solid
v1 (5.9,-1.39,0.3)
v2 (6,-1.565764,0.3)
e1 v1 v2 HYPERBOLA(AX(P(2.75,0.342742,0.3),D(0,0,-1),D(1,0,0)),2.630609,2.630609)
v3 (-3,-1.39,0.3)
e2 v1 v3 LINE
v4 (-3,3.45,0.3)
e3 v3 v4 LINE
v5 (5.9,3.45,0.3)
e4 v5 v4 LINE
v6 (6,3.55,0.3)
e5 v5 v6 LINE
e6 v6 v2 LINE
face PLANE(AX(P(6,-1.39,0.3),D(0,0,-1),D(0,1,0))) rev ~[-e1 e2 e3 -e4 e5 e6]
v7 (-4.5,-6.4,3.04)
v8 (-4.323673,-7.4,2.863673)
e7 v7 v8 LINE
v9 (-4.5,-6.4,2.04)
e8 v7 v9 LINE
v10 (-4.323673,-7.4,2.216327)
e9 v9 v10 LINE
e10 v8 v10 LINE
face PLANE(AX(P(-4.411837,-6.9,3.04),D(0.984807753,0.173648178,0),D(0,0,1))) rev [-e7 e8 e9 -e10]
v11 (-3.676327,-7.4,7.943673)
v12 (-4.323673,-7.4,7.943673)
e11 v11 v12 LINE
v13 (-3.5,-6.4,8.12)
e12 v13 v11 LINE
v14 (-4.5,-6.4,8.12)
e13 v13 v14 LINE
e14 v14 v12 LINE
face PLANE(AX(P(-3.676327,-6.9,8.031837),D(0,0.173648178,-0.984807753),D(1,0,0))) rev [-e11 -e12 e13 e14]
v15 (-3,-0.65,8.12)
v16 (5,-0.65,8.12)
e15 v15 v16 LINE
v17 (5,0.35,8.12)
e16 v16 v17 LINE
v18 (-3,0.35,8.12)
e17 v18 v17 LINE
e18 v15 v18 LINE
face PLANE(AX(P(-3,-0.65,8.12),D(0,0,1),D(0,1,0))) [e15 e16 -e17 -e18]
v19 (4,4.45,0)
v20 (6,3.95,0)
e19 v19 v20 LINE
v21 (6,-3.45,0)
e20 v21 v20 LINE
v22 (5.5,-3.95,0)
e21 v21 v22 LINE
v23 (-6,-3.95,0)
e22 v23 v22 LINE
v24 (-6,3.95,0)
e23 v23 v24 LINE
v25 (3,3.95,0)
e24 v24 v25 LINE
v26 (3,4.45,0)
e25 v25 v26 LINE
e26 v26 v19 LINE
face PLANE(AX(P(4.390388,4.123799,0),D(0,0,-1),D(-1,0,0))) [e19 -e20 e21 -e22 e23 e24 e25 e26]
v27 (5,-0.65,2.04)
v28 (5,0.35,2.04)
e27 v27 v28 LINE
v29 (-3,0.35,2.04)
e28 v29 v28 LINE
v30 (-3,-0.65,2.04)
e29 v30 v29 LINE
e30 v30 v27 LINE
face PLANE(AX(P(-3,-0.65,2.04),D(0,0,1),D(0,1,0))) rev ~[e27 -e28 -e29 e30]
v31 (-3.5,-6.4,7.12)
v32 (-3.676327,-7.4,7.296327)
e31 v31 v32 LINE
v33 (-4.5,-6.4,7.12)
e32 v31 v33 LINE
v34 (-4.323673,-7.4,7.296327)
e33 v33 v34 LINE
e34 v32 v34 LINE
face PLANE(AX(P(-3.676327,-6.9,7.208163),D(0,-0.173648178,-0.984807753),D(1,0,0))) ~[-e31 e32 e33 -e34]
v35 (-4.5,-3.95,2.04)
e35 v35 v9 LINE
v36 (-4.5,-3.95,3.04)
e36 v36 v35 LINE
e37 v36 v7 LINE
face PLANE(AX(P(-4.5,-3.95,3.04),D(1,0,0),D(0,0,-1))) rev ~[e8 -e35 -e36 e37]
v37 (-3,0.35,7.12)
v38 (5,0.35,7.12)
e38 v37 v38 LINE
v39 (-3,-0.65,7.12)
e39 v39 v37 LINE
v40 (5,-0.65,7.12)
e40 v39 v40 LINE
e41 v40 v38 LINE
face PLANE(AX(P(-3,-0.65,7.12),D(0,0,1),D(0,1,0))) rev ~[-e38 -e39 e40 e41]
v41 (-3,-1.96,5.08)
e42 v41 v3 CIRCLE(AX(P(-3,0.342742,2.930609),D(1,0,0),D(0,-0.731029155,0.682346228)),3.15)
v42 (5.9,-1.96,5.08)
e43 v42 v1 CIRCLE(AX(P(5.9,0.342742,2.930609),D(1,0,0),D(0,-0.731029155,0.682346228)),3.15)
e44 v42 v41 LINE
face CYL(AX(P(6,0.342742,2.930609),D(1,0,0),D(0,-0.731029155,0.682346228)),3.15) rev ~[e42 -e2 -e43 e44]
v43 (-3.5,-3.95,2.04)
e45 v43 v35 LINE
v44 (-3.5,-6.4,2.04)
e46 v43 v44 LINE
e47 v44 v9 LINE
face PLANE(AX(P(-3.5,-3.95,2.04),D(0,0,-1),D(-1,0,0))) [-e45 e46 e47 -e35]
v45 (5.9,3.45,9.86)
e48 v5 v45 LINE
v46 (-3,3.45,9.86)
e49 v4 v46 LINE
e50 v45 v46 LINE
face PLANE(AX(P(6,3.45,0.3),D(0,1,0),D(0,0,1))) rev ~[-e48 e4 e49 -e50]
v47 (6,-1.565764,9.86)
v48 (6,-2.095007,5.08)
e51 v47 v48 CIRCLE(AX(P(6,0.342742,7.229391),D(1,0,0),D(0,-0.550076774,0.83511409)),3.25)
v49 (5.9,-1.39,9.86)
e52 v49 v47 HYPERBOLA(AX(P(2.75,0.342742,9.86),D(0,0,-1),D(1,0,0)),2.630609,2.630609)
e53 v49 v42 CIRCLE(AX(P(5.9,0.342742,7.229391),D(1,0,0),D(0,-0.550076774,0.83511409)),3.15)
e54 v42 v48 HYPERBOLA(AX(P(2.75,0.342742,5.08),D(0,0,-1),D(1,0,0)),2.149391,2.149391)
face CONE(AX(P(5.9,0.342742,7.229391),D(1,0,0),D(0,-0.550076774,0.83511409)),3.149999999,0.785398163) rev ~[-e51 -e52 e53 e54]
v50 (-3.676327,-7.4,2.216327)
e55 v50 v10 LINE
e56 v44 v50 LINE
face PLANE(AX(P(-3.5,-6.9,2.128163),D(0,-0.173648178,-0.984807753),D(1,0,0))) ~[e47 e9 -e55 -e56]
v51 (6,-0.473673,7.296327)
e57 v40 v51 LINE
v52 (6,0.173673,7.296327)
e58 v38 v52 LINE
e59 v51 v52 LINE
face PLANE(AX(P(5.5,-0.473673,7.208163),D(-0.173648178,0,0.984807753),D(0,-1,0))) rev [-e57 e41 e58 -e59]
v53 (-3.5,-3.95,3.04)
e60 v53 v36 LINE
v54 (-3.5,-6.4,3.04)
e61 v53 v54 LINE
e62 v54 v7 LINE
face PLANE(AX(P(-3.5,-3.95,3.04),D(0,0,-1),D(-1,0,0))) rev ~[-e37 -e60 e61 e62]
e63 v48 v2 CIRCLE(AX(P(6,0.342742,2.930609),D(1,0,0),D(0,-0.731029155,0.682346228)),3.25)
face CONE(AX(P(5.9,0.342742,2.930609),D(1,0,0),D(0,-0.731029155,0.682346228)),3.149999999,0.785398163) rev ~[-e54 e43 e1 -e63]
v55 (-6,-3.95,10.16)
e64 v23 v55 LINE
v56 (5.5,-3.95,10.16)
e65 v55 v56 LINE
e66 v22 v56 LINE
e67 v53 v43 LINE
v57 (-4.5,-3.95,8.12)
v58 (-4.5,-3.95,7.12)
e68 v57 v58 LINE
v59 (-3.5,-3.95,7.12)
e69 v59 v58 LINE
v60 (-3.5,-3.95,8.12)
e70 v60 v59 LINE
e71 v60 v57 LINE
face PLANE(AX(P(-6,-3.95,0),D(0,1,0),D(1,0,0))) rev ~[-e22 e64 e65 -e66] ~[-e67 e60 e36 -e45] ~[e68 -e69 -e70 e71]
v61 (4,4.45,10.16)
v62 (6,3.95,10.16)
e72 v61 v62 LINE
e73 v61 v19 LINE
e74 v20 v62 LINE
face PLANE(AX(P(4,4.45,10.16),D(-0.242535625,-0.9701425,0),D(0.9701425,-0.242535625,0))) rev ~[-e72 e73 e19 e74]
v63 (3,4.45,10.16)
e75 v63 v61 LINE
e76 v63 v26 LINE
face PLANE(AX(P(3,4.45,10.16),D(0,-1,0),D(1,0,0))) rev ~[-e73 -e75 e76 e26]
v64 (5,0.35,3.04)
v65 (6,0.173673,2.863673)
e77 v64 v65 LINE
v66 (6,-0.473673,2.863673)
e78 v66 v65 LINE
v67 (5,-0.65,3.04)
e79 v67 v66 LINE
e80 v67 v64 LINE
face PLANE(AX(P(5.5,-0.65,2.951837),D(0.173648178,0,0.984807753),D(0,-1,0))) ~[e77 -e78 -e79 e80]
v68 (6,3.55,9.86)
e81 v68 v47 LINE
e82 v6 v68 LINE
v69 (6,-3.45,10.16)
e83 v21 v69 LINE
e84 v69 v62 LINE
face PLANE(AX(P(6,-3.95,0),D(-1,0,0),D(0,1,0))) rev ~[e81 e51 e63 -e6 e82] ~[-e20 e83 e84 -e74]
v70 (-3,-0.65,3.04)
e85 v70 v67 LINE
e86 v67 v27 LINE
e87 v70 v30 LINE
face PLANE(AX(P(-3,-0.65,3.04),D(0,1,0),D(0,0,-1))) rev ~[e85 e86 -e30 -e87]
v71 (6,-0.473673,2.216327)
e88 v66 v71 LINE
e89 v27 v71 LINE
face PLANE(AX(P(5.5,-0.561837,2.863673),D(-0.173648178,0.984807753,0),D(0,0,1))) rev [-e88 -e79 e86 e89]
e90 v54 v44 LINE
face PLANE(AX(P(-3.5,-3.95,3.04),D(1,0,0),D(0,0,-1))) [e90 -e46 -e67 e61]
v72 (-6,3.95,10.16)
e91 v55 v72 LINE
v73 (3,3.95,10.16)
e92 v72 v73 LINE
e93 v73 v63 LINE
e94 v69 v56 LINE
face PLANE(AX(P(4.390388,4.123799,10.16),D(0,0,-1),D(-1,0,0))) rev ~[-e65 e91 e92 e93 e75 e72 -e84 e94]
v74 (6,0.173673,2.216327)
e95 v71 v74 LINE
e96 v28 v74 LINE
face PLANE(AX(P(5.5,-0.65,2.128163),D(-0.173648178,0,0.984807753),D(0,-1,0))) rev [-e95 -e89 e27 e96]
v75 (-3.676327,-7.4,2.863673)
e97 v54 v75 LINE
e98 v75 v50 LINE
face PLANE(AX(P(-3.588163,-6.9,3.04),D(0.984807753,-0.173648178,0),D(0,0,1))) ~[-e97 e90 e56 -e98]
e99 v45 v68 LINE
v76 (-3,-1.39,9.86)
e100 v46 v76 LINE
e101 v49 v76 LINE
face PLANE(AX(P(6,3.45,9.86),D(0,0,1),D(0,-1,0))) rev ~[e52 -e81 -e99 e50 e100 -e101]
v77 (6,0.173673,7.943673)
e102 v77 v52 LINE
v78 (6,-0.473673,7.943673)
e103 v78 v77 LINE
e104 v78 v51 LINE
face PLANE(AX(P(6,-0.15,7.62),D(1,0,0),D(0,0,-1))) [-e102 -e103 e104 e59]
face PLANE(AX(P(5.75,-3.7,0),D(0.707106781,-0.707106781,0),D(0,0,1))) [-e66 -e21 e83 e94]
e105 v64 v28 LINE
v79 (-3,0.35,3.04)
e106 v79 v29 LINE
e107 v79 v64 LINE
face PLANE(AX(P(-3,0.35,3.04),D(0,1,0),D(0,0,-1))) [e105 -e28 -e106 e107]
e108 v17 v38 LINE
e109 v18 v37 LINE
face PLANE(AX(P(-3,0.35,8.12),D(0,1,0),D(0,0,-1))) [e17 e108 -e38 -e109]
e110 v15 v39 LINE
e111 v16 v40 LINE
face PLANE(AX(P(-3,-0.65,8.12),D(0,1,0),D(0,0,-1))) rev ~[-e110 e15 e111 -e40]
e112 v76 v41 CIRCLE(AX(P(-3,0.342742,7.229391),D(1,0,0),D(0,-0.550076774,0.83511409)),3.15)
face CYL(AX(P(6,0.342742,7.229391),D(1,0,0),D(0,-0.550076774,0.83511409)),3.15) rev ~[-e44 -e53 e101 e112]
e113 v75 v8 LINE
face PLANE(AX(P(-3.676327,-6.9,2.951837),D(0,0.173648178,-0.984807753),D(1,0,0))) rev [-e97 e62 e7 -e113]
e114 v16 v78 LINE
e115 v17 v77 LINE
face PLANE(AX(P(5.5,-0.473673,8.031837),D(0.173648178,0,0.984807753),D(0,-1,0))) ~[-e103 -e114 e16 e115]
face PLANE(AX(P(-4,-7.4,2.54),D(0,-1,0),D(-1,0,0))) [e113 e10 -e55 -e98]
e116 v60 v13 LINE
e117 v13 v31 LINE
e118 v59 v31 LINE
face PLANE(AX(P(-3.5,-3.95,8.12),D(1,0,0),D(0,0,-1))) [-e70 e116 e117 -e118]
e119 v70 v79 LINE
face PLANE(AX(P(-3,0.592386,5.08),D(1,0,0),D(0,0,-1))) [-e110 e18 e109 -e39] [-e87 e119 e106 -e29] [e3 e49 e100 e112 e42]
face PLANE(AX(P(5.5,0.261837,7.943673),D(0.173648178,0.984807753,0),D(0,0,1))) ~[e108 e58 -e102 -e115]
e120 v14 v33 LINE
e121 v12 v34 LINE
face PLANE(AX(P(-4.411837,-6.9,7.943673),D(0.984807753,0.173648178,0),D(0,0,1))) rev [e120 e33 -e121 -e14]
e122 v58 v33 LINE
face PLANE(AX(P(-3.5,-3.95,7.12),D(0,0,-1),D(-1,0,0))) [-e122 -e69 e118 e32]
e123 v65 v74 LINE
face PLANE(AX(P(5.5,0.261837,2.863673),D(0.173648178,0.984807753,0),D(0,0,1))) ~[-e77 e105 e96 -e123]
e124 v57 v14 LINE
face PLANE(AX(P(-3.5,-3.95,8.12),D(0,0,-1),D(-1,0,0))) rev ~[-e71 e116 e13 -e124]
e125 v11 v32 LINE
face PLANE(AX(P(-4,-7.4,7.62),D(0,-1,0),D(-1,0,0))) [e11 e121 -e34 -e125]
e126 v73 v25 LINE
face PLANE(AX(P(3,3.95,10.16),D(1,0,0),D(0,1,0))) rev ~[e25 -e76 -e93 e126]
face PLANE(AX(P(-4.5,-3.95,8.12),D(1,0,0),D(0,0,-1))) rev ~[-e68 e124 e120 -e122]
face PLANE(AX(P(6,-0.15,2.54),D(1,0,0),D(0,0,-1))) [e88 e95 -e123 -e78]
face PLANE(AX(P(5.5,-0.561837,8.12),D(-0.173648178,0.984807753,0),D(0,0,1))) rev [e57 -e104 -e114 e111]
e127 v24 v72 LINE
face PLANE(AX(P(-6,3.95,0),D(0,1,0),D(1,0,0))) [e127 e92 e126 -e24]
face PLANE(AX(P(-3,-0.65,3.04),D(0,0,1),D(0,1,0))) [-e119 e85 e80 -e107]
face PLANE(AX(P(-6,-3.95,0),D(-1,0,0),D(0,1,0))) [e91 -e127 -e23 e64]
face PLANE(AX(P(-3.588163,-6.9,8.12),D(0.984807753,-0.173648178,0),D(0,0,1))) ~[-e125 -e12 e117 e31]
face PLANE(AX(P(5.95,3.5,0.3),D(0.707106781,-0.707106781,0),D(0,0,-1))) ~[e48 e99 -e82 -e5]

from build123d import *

# Parameters (mm, degrees)
SKIZZE3_W                       = 12
SKIZZE3_H                       = 7.9
AUFSATZ_LINEAR_AUSTRAGEN2_DEPTH = 10.16
AUFSATZ_LINEAR_AUSTRAGEN3_DEPTH = 10.16
SCHNITT_LINEAR_AUSTRAGEN1_DEPTH = 9
SKIZZE6_W                       = 1
SKIZZE6_H                       = 1
AUFSATZ_LINEAR_AUSTRAGEN4_DEPTH = 3.45
SKIZZE7_W                       = 1
SKIZZE7_H                       = 1
AUFSATZ_LINEAR_AUSTRAGEN5_DEPTH = 9
FASE1_SIZE                      = 1
FASE1_SIZE2                     = 0.176326981
FASE1_PART_2_SIZE               = 1
FASE1_PART_2_SIZE2              = 0.176326981
FASE1_PART_3_SIZE               = 1
FASE1_PART_3_SIZE2              = 0.176326981
FASE1_PART_4_SIZE               = 1
FASE1_PART_4_SIZE2              = 0.176326981
FASE1_PART_5_SIZE               = 1
FASE1_PART_5_SIZE2              = 0.176326981
FASE1_PART_6_SIZE               = 1
FASE1_PART_6_SIZE2              = 0.176326981
FASE1_PART_7_SIZE               = 1
FASE1_PART_7_SIZE2              = 0.176326981
FASE1_PART_8_SIZE               = 1
FASE1_PART_8_SIZE2              = 0.176326981
FASE14_SIZE                     = 1
FASE14_SIZE2                    = 0.176326981
FASE14_PART_2_SIZE              = 1
FASE14_PART_2_SIZE2             = 0.176326981
FASE14_PART_3_SIZE              = 1
FASE14_PART_3_SIZE2             = 0.176326981
FASE14_PART_4_SIZE              = 1
FASE14_PART_4_SIZE2             = 0.176326981
FASE14_PART_5_SIZE              = 1
FASE14_PART_5_SIZE2             = 0.176326981
FASE14_PART_6_SIZE              = 1
FASE14_PART_6_SIZE2             = 0.176326981
FASE14_PART_7_SIZE              = 1
FASE14_PART_7_SIZE2             = 0.176326981
FASE14_PART_8_SIZE              = 1
FASE14_PART_8_SIZE2             = 0.176326981
FASE15_SIZE                     = 0.1
FASE16_SIZE                     = 0.5


with BuildPart() as part:
    # Skizze3 → Aufsatz-Linear austragen2 (new body)
    with BuildSketch(Plane.XY):
        Rectangle(SKIZZE3_W, SKIZZE3_H)
    extrude(amount=AUFSATZ_LINEAR_AUSTRAGEN2_DEPTH)

    # Skizze4 → Aufsatz-Linear austragen3 (add, through all)
    with BuildSketch(Plane.XY.offset(10.16)):
        Polygon((3, 3.95), (3, 4.45), (4, 4.45), (6, 3.95), align=None)
    extrude(amount=-AUFSATZ_LINEAR_AUSTRAGEN3_DEPTH)

    # Skizze5 → Schnitt-Linear austragen1 (cut)
    with BuildSketch(Plane(origin=(6, 0, 0), x_dir=(0, 0, -1), z_dir=(1, 0, 0))):
        with BuildLine():
            Line((-9.86, 3.45), (-9.86, -1.39))
            ThreePointArc((-9.86, -1.39), (-7.602375704, -2.785098012), (-5.08, -1.96))
            ThreePointArc((-5.08, -1.96), (-2.557624296, -2.785098012), (-0.3, -1.39))
            Line((-0.3, -1.39), (-0.3, 3.45))
            Line((-0.3, 3.45), (-9.86, 3.45))
        make_face()
    extrude(amount=-SCHNITT_LINEAR_AUSTRAGEN1_DEPTH, mode=Mode.SUBTRACT)

    # Skizze6 → Aufsatz-Linear austragen4 (add)
    with BuildSketch(Plane(origin=(0, -3.95, 0), x_dir=(-1, 0, 0), z_dir=(0, -1, 0))):
        with Locations((4, -7.62)):
            Rectangle(SKIZZE6_W, SKIZZE6_H)
        with Locations((4, -2.54)):
            Rectangle(SKIZZE6_W, SKIZZE6_H)
    extrude(amount=AUFSATZ_LINEAR_AUSTRAGEN4_DEPTH)

    # Skizze7 → Aufsatz-Linear austragen5 (add)
    with BuildSketch(Plane(origin=(-3, 0, 0), x_dir=(0, 0, -1), z_dir=(1, 0, 0))):
        with Locations((-7.62, -0.15)):
            Rectangle(SKIZZE7_W, SKIZZE7_H)
        with Locations((-2.54, -0.15)):
            Rectangle(SKIZZE7_W, SKIZZE7_H)
    extrude(amount=AUFSATZ_LINEAR_AUSTRAGEN5_DEPTH)

    # Fase1
    fase1_edges = [part.edges().sort_by_distance(p)[0] for p in [
        (-3.5, -7.4, 7.62),
    ]]
    fase1_side = [part.faces().sort_by_distance(p)[0] for p in [
        (-3.5, -5.675, 7.62),
    ]]
    chamfer(fase1_edges, length=FASE1_SIZE, length2=FASE1_SIZE2, reference=fase1_side[0])

    # Fase1 part 2
    fase1_part_2_edges = [part.edges().sort_by_distance(p)[0] for p in [
        (-4, -7.4, 8.12),
    ]]
    fase1_part_2_side = [part.faces().sort_by_distance(p)[0] for p in [
        (-4, -5.675, 8.12),
    ]]
    chamfer(fase1_part_2_edges, length=FASE1_PART_2_SIZE, length2=FASE1_PART_2_SIZE2, reference=fase1_part_2_side[0])

    # Fase1 part 3
    fase1_part_3_edges = [part.edges().sort_by_distance(p)[0] for p in [
        (-4.5, -7.4, 7.62),
    ]]
    fase1_part_3_side = [part.faces().sort_by_distance(p)[0] for p in [
        (-4.5, -5.675, 7.62),
    ]]
    chamfer(fase1_part_3_edges, length=FASE1_PART_3_SIZE, length2=FASE1_PART_3_SIZE2, reference=fase1_part_3_side[0])

    # Fase1 part 4
    fase1_part_4_edges = [part.edges().sort_by_distance(p)[0] for p in [
        (-4, -7.4, 7.12),
    ]]
    fase1_part_4_side = [part.faces().sort_by_distance(p)[0] for p in [
        (-4, -5.675, 7.12),
    ]]
    chamfer(fase1_part_4_edges, length=FASE1_PART_4_SIZE, length2=FASE1_PART_4_SIZE2, reference=fase1_part_4_side[0])

    # Fase1 part 5
    fase1_part_5_edges = [part.edges().sort_by_distance(p)[0] for p in [
        (-4.5, -7.4, 2.54),
    ]]
    fase1_part_5_side = [part.faces().sort_by_distance(p)[0] for p in [
        (-4.5, -5.675, 2.54),
    ]]
    chamfer(fase1_part_5_edges, length=FASE1_PART_5_SIZE, length2=FASE1_PART_5_SIZE2, reference=fase1_part_5_side[0])

    # Fase1 part 6
    fase1_part_6_edges = [part.edges().sort_by_distance(p)[0] for p in [
        (-4, -7.4, 2.04),
    ]]
    fase1_part_6_side = [part.faces().sort_by_distance(p)[0] for p in [
        (-4, -5.675, 2.04),
    ]]
    chamfer(fase1_part_6_edges, length=FASE1_PART_6_SIZE, length2=FASE1_PART_6_SIZE2, reference=fase1_part_6_side[0])

    # Fase1 part 7
    fase1_part_7_edges = [part.edges().sort_by_distance(p)[0] for p in [
        (-3.5, -7.4, 2.54),
    ]]
    fase1_part_7_side = [part.faces().sort_by_distance(p)[0] for p in [
        (-3.5, -5.675, 2.54),
    ]]
    chamfer(fase1_part_7_edges, length=FASE1_PART_7_SIZE, length2=FASE1_PART_7_SIZE2, reference=fase1_part_7_side[0])

    # Fase1 part 8
    fase1_part_8_edges = [part.edges().sort_by_distance(p)[0] for p in [
        (-4, -7.4, 3.04),
    ]]
    fase1_part_8_side = [part.faces().sort_by_distance(p)[0] for p in [
        (-4, -5.675, 3.04),
    ]]
    chamfer(fase1_part_8_edges, length=FASE1_PART_8_SIZE, length2=FASE1_PART_8_SIZE2, reference=fase1_part_8_side[0])

    # Fase14
    fase14_edges = [part.edges().sort_by_distance(p)[0] for p in [
        (6, -0.65, 7.62),
    ]]
    fase14_side = [part.faces().sort_by_distance(p)[0] for p in [
        (1.5, -0.65, 7.62),
    ]]
    chamfer(fase14_edges, length=FASE14_SIZE, length2=FASE14_SIZE2, reference=fase14_side[0])

    # Fase14 part 2
    fase14_part_2_edges = [part.edges().sort_by_distance(p)[0] for p in [
        (6, -0.15, 8.12),
    ]]
    fase14_part_2_side = [part.faces().sort_by_distance(p)[0] for p in [
        (1.5, -0.15, 8.12),
    ]]
    chamfer(fase14_part_2_edges, length=FASE14_PART_2_SIZE, length2=FASE14_PART_2_SIZE2, reference=fase14_part_2_side[0])

    # Fase14 part 3
    fase14_part_3_edges = [part.edges().sort_by_distance(p)[0] for p in [
        (6, 0.35, 7.62),
    ]]
    fase14_part_3_side = [part.faces().sort_by_distance(p)[0] for p in [
        (1.5, 0.35, 7.62),
    ]]
    chamfer(fase14_part_3_edges, length=FASE14_PART_3_SIZE, length2=FASE14_PART_3_SIZE2, reference=fase14_part_3_side[0])

    # Fase14 part 4
    fase14_part_4_edges = [part.edges().sort_by_distance(p)[0] for p in [
        (6, -0.15, 7.12),
    ]]
    fase14_part_4_side = [part.faces().sort_by_distance(p)[0] for p in [
        (1.5, -0.15, 7.12),
    ]]
    chamfer(fase14_part_4_edges, length=FASE14_PART_4_SIZE, length2=FASE14_PART_4_SIZE2, reference=fase14_part_4_side[0])

    # Fase14 part 5
    fase14_part_5_edges = [part.edges().sort_by_distance(p)[0] for p in [
        (6, -0.15, 3.04),
    ]]
    fase14_part_5_side = [part.faces().sort_by_distance(p)[0] for p in [
        (1.5, -0.15, 3.04),
    ]]
    chamfer(fase14_part_5_edges, length=FASE14_PART_5_SIZE, length2=FASE14_PART_5_SIZE2, reference=fase14_part_5_side[0])

    # Fase14 part 6
    fase14_part_6_edges = [part.edges().sort_by_distance(p)[0] for p in [
        (6, 0.35, 2.54),
    ]]
    fase14_part_6_side = [part.faces().sort_by_distance(p)[0] for p in [
        (1.5, 0.35, 2.54),
    ]]
    chamfer(fase14_part_6_edges, length=FASE14_PART_6_SIZE, length2=FASE14_PART_6_SIZE2, reference=fase14_part_6_side[0])

    # Fase14 part 7
    fase14_part_7_edges = [part.edges().sort_by_distance(p)[0] for p in [
        (6, -0.15, 2.04),
    ]]
    fase14_part_7_side = [part.faces().sort_by_distance(p)[0] for p in [
        (1.5, -0.15, 2.04),
    ]]
    chamfer(fase14_part_7_edges, length=FASE14_PART_7_SIZE, length2=FASE14_PART_7_SIZE2, reference=fase14_part_7_side[0])

    # Fase14 part 8
    fase14_part_8_edges = [part.edges().sort_by_distance(p)[0] for p in [
        (6, -0.65, 2.54),
    ]]
    fase14_part_8_side = [part.faces().sort_by_distance(p)[0] for p in [
        (1.5, -0.65, 2.54),
    ]]
    chamfer(fase14_part_8_edges, length=FASE14_PART_8_SIZE, length2=FASE14_PART_8_SIZE2, reference=fase14_part_8_side[0])

    # Fase15
    fase15_edges = [part.edges().sort_by_distance(p)[0] for p in [
        (6, 3.45, 5.08),
        (6, -2.785098012, 7.602375704),
        (6, -2.785098012, 2.557624296),
    ]]
    chamfer(fase15_edges, length=FASE15_SIZE)

    # Fase16
    fase16_edges = [part.edges().sort_by_distance(p)[0] for p in [
        (6, -3.95, 5.08),
    ]]
    chamfer(fase16_edges, length=FASE16_SIZE)


solid = part.part
